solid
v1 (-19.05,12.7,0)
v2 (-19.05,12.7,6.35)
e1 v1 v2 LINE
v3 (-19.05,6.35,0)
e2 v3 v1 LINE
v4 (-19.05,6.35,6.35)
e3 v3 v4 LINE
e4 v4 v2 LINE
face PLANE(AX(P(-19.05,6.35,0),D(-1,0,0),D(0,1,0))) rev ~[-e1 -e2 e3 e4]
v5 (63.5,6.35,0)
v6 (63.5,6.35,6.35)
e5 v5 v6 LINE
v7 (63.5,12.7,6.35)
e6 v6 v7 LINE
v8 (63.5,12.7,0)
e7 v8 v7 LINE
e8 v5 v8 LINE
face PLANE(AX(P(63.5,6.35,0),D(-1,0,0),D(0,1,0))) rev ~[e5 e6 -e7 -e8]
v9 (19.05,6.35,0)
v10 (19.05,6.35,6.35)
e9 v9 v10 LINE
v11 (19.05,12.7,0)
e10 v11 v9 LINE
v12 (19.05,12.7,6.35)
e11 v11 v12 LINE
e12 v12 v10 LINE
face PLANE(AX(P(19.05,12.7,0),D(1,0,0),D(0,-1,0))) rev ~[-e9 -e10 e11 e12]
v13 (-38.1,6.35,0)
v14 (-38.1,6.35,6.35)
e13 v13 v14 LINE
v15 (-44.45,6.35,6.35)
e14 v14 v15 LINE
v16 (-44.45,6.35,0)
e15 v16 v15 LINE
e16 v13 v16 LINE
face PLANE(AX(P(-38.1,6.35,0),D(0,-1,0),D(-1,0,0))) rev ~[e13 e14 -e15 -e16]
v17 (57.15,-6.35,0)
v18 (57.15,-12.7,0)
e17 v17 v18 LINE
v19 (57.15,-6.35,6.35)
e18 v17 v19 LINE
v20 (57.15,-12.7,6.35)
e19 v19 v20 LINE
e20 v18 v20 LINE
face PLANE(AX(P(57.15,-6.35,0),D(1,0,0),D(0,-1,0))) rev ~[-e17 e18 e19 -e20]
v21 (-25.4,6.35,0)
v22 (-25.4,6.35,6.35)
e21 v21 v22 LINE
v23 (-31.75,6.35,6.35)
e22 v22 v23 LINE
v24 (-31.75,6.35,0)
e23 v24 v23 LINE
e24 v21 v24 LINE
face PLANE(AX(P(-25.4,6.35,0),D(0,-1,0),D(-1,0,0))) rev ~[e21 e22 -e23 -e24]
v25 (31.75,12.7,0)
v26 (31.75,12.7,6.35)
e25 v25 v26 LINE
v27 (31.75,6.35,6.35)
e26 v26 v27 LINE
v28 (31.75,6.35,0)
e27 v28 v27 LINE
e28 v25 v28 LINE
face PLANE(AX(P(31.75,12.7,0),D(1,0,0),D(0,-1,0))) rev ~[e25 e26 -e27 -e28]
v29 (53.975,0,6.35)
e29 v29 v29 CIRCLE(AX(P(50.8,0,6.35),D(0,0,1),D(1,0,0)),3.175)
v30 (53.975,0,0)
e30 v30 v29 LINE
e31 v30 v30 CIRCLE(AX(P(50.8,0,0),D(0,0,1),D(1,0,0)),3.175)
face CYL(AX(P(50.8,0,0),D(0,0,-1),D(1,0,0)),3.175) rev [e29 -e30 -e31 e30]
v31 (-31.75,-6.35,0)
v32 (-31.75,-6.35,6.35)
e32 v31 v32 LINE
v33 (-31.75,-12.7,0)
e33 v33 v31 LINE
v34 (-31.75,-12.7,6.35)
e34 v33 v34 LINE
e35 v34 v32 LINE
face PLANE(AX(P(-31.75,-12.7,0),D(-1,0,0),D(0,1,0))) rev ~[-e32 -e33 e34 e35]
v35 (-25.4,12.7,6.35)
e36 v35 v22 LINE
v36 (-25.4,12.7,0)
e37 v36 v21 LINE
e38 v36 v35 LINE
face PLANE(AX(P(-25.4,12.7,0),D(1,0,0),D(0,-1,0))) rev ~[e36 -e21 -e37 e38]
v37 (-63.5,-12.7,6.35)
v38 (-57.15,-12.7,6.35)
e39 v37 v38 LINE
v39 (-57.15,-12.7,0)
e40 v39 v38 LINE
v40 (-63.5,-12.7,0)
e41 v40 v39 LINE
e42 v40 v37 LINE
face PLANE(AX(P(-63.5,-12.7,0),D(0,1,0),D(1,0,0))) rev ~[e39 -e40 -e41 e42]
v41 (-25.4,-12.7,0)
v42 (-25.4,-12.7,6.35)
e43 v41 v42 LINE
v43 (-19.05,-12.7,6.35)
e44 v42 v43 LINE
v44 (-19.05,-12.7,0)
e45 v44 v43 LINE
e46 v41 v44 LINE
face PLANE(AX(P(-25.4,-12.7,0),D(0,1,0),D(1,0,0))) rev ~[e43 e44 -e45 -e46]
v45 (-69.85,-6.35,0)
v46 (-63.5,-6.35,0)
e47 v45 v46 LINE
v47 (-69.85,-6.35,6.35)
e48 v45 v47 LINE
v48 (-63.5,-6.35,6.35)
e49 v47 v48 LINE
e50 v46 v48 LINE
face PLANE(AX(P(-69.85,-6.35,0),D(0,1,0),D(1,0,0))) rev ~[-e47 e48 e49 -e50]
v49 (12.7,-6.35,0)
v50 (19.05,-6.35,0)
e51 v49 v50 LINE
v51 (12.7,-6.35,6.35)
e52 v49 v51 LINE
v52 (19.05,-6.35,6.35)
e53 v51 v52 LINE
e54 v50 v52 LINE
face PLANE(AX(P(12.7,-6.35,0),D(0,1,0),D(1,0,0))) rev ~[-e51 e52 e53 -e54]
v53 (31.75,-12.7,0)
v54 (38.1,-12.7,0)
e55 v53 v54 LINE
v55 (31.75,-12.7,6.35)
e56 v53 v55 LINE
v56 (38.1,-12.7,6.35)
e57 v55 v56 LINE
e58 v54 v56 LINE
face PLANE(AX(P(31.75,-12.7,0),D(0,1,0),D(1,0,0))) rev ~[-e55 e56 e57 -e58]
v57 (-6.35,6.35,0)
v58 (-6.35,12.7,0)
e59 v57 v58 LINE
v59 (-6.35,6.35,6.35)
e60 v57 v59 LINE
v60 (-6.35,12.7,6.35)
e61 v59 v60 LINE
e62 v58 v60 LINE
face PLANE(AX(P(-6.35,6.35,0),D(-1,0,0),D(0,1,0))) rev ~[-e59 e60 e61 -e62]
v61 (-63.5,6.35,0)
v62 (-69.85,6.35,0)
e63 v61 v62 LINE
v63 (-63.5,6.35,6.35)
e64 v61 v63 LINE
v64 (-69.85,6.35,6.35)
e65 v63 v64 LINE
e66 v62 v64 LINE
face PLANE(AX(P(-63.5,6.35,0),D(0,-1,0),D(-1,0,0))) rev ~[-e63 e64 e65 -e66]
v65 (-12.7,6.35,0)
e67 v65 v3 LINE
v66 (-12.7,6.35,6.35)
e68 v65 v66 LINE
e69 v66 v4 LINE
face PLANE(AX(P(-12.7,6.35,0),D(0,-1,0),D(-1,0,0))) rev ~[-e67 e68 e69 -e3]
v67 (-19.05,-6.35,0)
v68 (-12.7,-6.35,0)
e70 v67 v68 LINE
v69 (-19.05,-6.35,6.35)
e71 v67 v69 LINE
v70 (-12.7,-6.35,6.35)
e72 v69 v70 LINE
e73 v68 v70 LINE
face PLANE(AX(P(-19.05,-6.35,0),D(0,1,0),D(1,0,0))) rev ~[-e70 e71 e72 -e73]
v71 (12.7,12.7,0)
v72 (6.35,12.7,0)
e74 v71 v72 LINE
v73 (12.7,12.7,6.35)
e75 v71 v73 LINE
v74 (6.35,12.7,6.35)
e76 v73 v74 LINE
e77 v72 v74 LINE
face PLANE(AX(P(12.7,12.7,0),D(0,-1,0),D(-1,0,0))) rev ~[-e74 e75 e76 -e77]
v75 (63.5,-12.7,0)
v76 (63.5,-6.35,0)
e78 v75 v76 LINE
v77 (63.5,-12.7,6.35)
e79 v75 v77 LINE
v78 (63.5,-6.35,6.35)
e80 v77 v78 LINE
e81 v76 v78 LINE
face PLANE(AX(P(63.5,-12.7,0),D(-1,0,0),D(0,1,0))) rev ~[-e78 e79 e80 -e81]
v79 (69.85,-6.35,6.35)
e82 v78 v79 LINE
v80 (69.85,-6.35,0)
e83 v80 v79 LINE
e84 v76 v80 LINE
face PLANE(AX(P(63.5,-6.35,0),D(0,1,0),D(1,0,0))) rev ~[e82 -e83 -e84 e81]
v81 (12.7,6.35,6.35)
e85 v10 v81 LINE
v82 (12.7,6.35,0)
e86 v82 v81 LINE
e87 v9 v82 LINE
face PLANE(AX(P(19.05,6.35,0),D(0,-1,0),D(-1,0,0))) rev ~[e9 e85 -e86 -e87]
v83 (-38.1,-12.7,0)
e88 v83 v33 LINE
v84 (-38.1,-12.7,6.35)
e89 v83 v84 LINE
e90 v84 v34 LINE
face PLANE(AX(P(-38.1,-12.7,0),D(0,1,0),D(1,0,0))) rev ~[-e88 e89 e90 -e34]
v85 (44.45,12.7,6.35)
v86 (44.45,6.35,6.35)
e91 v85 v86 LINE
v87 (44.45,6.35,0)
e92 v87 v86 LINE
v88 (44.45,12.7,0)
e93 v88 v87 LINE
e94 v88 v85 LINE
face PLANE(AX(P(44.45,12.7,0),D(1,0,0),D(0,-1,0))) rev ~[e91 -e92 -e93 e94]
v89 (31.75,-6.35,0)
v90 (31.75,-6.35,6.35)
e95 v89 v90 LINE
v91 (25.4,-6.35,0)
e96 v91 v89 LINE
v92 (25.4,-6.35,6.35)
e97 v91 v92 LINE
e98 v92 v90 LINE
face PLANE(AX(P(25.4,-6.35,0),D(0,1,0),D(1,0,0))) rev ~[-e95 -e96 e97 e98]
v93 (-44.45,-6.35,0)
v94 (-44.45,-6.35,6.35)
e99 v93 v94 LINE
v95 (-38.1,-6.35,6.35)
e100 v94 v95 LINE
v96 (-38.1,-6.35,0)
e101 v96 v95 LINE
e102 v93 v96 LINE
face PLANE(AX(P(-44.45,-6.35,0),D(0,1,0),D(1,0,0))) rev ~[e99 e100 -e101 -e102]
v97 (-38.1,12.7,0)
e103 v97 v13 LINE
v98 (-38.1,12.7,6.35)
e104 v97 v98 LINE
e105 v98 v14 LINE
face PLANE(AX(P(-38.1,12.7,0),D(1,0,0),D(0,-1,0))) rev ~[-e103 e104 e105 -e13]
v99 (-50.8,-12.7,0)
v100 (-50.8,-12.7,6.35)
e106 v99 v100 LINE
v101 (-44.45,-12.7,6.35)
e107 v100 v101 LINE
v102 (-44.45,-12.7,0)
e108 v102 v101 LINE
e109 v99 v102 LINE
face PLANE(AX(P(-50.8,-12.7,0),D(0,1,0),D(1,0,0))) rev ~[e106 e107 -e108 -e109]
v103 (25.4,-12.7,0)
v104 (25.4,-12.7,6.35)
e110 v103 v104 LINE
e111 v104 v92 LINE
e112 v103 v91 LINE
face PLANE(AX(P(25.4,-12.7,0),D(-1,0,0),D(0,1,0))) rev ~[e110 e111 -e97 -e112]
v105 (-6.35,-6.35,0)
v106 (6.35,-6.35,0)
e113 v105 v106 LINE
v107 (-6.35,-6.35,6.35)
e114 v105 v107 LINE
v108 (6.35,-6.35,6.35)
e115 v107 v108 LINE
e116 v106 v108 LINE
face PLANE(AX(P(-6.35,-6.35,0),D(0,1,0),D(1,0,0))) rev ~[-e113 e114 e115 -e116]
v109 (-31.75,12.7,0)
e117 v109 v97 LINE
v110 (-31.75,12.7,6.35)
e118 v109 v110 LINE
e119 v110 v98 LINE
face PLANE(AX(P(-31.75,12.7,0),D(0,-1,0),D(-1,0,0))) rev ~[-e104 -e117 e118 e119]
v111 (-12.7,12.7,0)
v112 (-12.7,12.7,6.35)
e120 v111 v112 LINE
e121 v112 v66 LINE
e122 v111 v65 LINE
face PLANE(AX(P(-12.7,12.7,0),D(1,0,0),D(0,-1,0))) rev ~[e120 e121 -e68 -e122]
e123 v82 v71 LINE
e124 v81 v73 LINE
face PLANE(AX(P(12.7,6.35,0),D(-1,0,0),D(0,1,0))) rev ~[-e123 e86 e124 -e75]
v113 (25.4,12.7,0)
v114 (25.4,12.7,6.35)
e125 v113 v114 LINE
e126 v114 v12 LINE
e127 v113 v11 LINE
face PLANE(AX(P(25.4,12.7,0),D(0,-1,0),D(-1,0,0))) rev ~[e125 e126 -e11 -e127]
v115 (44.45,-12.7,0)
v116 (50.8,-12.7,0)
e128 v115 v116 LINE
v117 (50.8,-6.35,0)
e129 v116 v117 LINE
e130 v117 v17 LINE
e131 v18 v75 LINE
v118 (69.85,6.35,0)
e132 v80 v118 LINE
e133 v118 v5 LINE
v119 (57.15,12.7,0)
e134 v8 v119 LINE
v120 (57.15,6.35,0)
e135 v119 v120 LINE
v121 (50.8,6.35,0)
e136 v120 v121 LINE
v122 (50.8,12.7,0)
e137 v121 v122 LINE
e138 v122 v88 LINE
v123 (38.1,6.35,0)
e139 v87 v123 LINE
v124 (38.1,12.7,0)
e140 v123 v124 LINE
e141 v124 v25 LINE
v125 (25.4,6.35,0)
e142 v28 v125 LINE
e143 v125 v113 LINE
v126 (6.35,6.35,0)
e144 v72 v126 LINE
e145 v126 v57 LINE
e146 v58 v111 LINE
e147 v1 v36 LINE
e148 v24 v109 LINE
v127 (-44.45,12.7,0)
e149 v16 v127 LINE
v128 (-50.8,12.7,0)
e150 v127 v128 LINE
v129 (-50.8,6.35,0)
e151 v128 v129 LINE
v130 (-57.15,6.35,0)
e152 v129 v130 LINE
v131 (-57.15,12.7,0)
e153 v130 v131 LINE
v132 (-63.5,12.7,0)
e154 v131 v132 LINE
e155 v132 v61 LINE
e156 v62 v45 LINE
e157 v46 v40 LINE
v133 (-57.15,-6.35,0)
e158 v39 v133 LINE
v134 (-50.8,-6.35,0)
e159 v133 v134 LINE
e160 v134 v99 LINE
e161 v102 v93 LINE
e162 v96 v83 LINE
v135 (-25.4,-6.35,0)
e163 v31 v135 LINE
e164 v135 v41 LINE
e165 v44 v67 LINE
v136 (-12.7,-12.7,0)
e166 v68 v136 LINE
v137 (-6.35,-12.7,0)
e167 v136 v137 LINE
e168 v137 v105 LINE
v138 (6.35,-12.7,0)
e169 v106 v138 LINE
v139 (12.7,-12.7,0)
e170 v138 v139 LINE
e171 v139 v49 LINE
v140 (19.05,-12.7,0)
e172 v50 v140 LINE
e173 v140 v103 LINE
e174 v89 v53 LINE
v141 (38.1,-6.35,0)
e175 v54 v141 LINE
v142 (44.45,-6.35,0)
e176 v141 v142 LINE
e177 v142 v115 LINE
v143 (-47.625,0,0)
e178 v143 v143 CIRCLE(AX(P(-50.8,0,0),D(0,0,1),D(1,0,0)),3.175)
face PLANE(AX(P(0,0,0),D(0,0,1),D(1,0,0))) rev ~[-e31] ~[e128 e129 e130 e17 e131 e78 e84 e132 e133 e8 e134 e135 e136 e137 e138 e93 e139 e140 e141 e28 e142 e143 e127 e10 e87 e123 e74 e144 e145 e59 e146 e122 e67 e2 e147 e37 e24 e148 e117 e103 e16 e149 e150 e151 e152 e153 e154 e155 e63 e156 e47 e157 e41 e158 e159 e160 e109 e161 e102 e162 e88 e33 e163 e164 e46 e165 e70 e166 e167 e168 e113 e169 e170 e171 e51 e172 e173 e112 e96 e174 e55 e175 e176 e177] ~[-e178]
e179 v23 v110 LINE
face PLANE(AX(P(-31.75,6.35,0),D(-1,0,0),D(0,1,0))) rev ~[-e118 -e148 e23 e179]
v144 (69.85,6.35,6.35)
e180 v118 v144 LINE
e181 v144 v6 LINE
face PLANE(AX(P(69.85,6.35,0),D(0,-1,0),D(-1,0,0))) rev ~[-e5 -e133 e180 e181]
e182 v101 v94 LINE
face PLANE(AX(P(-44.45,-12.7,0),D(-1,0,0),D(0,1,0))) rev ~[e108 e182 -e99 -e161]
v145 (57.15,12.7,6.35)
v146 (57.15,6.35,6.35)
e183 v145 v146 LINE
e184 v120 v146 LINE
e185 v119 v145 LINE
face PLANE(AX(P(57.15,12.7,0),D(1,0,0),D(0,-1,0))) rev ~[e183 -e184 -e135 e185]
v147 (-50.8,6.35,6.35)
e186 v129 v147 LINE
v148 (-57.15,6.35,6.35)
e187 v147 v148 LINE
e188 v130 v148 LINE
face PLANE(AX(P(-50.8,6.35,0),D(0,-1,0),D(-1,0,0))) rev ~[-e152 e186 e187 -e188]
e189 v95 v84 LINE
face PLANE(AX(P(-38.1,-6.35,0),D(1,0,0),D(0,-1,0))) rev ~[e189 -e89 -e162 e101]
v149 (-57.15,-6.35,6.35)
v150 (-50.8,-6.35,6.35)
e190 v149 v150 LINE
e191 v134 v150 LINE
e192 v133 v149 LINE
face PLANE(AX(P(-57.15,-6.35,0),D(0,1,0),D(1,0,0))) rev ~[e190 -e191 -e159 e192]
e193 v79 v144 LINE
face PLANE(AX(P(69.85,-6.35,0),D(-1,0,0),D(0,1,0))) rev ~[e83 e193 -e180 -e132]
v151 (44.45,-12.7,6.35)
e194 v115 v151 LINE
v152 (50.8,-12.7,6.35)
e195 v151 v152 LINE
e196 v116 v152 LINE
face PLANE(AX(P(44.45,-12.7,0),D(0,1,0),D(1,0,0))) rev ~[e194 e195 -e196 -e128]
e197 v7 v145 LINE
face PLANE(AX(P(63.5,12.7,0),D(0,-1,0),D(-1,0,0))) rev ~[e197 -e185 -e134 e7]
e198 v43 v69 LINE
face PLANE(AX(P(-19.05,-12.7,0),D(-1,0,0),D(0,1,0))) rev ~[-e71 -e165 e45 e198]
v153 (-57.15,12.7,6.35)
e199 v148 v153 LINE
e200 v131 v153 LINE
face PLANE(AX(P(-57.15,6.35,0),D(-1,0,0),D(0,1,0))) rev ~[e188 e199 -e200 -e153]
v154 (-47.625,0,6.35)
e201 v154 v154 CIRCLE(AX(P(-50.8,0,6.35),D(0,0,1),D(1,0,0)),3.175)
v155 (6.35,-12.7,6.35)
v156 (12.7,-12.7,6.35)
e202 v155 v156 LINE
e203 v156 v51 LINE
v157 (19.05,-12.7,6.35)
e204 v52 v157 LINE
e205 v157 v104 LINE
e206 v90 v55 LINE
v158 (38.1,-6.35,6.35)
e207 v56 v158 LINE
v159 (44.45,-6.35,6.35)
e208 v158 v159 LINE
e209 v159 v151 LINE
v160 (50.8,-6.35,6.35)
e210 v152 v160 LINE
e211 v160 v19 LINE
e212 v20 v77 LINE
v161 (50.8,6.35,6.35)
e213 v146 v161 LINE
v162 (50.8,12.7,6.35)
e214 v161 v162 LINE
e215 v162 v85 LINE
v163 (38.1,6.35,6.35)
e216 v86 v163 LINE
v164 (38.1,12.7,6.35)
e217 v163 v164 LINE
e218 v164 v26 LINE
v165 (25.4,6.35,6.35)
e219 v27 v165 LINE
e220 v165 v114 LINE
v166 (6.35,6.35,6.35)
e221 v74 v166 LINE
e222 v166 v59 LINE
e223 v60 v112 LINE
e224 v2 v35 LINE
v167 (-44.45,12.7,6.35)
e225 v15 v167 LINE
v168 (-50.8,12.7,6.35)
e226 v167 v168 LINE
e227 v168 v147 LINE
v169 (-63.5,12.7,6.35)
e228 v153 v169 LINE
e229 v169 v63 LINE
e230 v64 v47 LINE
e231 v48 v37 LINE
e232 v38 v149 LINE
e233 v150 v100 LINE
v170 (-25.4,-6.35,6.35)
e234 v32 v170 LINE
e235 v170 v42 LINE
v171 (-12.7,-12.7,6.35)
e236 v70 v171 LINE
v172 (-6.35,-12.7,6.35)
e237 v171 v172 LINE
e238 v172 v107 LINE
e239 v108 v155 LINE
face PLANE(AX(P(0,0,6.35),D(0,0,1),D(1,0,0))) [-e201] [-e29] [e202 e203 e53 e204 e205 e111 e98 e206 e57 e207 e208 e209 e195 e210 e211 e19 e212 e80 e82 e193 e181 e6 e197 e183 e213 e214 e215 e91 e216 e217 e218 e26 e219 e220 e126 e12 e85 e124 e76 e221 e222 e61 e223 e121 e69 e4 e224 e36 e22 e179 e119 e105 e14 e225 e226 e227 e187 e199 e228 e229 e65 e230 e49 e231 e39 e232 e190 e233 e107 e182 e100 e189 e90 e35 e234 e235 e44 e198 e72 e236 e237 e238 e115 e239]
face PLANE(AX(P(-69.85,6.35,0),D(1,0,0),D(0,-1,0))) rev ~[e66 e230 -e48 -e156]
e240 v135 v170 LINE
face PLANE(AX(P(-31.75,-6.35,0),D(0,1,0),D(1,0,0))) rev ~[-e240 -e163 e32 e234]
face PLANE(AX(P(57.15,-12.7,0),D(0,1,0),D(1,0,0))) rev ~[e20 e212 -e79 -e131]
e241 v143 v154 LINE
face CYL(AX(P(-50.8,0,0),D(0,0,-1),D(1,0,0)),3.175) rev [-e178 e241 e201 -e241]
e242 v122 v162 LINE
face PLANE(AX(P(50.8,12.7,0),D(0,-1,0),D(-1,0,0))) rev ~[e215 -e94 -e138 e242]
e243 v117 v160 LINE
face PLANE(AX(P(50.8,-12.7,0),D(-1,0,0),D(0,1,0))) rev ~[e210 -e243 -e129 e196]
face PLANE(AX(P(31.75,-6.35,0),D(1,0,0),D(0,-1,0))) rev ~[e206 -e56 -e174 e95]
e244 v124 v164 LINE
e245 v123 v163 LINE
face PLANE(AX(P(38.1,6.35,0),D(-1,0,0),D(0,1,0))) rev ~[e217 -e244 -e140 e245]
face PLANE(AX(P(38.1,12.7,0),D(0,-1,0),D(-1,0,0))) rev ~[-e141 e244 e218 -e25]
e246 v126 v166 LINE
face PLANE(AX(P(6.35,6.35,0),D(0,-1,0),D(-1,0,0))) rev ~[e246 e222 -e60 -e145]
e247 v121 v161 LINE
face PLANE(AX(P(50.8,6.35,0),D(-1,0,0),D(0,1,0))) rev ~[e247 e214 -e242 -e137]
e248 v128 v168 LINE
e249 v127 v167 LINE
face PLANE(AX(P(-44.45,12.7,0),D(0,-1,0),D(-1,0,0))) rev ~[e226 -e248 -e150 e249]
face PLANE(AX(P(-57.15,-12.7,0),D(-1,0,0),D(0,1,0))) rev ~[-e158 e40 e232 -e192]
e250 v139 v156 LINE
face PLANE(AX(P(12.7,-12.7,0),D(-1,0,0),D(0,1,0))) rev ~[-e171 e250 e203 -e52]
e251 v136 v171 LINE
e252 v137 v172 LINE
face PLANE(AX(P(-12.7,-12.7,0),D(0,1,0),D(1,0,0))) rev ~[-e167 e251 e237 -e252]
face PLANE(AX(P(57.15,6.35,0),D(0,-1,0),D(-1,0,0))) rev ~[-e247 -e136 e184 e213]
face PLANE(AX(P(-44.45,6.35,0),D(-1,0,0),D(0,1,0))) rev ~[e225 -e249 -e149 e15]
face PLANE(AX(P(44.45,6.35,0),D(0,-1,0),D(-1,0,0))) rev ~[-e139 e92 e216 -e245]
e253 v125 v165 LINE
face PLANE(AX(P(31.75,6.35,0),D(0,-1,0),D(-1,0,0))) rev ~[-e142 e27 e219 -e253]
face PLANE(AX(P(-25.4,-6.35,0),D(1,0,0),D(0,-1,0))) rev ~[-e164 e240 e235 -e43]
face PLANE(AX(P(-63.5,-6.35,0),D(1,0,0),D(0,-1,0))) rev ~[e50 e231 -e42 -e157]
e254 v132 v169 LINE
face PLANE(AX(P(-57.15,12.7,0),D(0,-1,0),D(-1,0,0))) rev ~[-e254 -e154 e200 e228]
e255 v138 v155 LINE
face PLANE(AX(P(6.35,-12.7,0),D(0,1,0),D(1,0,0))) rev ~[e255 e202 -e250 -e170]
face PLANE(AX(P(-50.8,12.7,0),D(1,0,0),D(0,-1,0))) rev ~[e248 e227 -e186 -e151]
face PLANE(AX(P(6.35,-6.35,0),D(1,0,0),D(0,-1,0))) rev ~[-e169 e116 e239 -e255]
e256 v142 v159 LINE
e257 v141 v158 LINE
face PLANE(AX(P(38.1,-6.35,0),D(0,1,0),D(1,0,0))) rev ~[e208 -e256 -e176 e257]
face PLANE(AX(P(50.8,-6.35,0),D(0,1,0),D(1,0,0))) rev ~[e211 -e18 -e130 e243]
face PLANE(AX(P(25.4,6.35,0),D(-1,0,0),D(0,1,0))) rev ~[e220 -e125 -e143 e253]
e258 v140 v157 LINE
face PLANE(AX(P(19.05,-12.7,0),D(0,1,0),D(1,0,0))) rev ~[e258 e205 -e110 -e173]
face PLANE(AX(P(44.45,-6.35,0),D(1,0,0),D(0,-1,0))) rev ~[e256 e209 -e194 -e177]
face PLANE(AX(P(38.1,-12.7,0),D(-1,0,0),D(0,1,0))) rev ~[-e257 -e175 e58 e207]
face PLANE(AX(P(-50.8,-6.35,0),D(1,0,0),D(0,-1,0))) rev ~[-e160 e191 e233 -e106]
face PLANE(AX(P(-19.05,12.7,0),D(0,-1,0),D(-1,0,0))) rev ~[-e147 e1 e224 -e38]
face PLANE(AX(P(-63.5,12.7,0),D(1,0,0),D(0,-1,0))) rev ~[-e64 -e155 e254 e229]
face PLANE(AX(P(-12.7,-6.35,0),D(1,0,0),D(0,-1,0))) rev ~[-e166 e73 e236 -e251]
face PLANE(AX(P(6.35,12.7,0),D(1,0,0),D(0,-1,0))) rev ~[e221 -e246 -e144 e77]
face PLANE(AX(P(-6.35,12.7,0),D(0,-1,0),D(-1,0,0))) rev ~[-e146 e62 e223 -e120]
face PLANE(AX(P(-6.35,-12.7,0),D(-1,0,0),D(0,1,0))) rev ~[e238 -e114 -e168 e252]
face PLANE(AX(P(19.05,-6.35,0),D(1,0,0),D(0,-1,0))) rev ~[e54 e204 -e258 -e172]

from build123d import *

# Parameters (mm, degrees)
SKETCH1_R           = 3.175
BOSS_EXTRUDE1_DEPTH = 6.35


with BuildPart() as part:
    # Sketch1 → Boss-Extrude1 (new body)
    with BuildSketch(Plane.XY):
        Polygon((-57.15, 12.7), (-63.5, 12.7), (-63.5, 6.35), (-69.85, 6.35), (-69.85, -6.35), (-63.5, -6.35), (-63.5, -12.7), (-57.15, -12.7), (-57.15, -6.35), (-50.8, -6.35), (-50.8, -12.7), (-44.45, -12.7), (-44.45, -6.35), (-38.1, -6.35), (-38.1, -12.7), (-31.75, -12.7), (-31.75, -6.35), (-25.4, -6.35), (-25.4, -12.7), (-19.05, -12.7), (-19.05, -6.35), (-12.7, -6.35), (-12.7, -12.7), (-6.35, -12.7), (-6.35, -6.35), (0, -6.35), (6.35, -6.35), (6.35, -12.7), (12.7, -12.7), (12.7, -6.35), (19.05, -6.35), (19.05, -12.7), (25.4, -12.7), (25.4, -6.35), (31.75, -6.35), (31.75, -12.7), (38.1, -12.7), (38.1, -6.35), (44.45, -6.35), (44.45, -12.7), (50.8, -12.7), (50.8, -6.35), (57.15, -6.35), (57.15, -12.7), (63.5, -12.7), (63.5, -6.35), (69.85, -6.35), (69.85, 6.35), (63.5, 6.35), (63.5, 12.7), (57.15, 12.7), (57.15, 6.35), (50.8, 6.35), (50.8, 12.7), (44.45, 12.7), (44.45, 6.35), (38.1, 6.35), (38.1, 12.7), (31.75, 12.7), (31.75, 6.35), (25.4, 6.35), (25.4, 12.7), (19.05, 12.7), (19.05, 6.35), (12.7, 6.35), (12.7, 12.7), (6.35, 12.7), (6.35, 6.35), (0, 6.35), (-6.35, 6.35), (-6.35, 12.7), (-12.7, 12.7), (-12.7, 6.35), (-19.05, 6.35), (-19.05, 12.7), (-25.4, 12.7), (-25.4, 6.35), (-31.75, 6.35), (-31.75, 12.7), (-38.1, 12.7), (-38.1, 6.35), (-44.45, 6.35), (-44.45, 12.7), (-50.8, 12.7), (-50.8, 6.35), (-57.15, 6.35), align=None)
        with Locations((-50.8, 0)):
            Circle(SKETCH1_R, mode=Mode.SUBTRACT)
        with Locations((50.8, 0)):
            Circle(SKETCH1_R, mode=Mode.SUBTRACT)
    extrude(amount=BOSS_EXTRUDE1_DEPTH)


solid = part.part
